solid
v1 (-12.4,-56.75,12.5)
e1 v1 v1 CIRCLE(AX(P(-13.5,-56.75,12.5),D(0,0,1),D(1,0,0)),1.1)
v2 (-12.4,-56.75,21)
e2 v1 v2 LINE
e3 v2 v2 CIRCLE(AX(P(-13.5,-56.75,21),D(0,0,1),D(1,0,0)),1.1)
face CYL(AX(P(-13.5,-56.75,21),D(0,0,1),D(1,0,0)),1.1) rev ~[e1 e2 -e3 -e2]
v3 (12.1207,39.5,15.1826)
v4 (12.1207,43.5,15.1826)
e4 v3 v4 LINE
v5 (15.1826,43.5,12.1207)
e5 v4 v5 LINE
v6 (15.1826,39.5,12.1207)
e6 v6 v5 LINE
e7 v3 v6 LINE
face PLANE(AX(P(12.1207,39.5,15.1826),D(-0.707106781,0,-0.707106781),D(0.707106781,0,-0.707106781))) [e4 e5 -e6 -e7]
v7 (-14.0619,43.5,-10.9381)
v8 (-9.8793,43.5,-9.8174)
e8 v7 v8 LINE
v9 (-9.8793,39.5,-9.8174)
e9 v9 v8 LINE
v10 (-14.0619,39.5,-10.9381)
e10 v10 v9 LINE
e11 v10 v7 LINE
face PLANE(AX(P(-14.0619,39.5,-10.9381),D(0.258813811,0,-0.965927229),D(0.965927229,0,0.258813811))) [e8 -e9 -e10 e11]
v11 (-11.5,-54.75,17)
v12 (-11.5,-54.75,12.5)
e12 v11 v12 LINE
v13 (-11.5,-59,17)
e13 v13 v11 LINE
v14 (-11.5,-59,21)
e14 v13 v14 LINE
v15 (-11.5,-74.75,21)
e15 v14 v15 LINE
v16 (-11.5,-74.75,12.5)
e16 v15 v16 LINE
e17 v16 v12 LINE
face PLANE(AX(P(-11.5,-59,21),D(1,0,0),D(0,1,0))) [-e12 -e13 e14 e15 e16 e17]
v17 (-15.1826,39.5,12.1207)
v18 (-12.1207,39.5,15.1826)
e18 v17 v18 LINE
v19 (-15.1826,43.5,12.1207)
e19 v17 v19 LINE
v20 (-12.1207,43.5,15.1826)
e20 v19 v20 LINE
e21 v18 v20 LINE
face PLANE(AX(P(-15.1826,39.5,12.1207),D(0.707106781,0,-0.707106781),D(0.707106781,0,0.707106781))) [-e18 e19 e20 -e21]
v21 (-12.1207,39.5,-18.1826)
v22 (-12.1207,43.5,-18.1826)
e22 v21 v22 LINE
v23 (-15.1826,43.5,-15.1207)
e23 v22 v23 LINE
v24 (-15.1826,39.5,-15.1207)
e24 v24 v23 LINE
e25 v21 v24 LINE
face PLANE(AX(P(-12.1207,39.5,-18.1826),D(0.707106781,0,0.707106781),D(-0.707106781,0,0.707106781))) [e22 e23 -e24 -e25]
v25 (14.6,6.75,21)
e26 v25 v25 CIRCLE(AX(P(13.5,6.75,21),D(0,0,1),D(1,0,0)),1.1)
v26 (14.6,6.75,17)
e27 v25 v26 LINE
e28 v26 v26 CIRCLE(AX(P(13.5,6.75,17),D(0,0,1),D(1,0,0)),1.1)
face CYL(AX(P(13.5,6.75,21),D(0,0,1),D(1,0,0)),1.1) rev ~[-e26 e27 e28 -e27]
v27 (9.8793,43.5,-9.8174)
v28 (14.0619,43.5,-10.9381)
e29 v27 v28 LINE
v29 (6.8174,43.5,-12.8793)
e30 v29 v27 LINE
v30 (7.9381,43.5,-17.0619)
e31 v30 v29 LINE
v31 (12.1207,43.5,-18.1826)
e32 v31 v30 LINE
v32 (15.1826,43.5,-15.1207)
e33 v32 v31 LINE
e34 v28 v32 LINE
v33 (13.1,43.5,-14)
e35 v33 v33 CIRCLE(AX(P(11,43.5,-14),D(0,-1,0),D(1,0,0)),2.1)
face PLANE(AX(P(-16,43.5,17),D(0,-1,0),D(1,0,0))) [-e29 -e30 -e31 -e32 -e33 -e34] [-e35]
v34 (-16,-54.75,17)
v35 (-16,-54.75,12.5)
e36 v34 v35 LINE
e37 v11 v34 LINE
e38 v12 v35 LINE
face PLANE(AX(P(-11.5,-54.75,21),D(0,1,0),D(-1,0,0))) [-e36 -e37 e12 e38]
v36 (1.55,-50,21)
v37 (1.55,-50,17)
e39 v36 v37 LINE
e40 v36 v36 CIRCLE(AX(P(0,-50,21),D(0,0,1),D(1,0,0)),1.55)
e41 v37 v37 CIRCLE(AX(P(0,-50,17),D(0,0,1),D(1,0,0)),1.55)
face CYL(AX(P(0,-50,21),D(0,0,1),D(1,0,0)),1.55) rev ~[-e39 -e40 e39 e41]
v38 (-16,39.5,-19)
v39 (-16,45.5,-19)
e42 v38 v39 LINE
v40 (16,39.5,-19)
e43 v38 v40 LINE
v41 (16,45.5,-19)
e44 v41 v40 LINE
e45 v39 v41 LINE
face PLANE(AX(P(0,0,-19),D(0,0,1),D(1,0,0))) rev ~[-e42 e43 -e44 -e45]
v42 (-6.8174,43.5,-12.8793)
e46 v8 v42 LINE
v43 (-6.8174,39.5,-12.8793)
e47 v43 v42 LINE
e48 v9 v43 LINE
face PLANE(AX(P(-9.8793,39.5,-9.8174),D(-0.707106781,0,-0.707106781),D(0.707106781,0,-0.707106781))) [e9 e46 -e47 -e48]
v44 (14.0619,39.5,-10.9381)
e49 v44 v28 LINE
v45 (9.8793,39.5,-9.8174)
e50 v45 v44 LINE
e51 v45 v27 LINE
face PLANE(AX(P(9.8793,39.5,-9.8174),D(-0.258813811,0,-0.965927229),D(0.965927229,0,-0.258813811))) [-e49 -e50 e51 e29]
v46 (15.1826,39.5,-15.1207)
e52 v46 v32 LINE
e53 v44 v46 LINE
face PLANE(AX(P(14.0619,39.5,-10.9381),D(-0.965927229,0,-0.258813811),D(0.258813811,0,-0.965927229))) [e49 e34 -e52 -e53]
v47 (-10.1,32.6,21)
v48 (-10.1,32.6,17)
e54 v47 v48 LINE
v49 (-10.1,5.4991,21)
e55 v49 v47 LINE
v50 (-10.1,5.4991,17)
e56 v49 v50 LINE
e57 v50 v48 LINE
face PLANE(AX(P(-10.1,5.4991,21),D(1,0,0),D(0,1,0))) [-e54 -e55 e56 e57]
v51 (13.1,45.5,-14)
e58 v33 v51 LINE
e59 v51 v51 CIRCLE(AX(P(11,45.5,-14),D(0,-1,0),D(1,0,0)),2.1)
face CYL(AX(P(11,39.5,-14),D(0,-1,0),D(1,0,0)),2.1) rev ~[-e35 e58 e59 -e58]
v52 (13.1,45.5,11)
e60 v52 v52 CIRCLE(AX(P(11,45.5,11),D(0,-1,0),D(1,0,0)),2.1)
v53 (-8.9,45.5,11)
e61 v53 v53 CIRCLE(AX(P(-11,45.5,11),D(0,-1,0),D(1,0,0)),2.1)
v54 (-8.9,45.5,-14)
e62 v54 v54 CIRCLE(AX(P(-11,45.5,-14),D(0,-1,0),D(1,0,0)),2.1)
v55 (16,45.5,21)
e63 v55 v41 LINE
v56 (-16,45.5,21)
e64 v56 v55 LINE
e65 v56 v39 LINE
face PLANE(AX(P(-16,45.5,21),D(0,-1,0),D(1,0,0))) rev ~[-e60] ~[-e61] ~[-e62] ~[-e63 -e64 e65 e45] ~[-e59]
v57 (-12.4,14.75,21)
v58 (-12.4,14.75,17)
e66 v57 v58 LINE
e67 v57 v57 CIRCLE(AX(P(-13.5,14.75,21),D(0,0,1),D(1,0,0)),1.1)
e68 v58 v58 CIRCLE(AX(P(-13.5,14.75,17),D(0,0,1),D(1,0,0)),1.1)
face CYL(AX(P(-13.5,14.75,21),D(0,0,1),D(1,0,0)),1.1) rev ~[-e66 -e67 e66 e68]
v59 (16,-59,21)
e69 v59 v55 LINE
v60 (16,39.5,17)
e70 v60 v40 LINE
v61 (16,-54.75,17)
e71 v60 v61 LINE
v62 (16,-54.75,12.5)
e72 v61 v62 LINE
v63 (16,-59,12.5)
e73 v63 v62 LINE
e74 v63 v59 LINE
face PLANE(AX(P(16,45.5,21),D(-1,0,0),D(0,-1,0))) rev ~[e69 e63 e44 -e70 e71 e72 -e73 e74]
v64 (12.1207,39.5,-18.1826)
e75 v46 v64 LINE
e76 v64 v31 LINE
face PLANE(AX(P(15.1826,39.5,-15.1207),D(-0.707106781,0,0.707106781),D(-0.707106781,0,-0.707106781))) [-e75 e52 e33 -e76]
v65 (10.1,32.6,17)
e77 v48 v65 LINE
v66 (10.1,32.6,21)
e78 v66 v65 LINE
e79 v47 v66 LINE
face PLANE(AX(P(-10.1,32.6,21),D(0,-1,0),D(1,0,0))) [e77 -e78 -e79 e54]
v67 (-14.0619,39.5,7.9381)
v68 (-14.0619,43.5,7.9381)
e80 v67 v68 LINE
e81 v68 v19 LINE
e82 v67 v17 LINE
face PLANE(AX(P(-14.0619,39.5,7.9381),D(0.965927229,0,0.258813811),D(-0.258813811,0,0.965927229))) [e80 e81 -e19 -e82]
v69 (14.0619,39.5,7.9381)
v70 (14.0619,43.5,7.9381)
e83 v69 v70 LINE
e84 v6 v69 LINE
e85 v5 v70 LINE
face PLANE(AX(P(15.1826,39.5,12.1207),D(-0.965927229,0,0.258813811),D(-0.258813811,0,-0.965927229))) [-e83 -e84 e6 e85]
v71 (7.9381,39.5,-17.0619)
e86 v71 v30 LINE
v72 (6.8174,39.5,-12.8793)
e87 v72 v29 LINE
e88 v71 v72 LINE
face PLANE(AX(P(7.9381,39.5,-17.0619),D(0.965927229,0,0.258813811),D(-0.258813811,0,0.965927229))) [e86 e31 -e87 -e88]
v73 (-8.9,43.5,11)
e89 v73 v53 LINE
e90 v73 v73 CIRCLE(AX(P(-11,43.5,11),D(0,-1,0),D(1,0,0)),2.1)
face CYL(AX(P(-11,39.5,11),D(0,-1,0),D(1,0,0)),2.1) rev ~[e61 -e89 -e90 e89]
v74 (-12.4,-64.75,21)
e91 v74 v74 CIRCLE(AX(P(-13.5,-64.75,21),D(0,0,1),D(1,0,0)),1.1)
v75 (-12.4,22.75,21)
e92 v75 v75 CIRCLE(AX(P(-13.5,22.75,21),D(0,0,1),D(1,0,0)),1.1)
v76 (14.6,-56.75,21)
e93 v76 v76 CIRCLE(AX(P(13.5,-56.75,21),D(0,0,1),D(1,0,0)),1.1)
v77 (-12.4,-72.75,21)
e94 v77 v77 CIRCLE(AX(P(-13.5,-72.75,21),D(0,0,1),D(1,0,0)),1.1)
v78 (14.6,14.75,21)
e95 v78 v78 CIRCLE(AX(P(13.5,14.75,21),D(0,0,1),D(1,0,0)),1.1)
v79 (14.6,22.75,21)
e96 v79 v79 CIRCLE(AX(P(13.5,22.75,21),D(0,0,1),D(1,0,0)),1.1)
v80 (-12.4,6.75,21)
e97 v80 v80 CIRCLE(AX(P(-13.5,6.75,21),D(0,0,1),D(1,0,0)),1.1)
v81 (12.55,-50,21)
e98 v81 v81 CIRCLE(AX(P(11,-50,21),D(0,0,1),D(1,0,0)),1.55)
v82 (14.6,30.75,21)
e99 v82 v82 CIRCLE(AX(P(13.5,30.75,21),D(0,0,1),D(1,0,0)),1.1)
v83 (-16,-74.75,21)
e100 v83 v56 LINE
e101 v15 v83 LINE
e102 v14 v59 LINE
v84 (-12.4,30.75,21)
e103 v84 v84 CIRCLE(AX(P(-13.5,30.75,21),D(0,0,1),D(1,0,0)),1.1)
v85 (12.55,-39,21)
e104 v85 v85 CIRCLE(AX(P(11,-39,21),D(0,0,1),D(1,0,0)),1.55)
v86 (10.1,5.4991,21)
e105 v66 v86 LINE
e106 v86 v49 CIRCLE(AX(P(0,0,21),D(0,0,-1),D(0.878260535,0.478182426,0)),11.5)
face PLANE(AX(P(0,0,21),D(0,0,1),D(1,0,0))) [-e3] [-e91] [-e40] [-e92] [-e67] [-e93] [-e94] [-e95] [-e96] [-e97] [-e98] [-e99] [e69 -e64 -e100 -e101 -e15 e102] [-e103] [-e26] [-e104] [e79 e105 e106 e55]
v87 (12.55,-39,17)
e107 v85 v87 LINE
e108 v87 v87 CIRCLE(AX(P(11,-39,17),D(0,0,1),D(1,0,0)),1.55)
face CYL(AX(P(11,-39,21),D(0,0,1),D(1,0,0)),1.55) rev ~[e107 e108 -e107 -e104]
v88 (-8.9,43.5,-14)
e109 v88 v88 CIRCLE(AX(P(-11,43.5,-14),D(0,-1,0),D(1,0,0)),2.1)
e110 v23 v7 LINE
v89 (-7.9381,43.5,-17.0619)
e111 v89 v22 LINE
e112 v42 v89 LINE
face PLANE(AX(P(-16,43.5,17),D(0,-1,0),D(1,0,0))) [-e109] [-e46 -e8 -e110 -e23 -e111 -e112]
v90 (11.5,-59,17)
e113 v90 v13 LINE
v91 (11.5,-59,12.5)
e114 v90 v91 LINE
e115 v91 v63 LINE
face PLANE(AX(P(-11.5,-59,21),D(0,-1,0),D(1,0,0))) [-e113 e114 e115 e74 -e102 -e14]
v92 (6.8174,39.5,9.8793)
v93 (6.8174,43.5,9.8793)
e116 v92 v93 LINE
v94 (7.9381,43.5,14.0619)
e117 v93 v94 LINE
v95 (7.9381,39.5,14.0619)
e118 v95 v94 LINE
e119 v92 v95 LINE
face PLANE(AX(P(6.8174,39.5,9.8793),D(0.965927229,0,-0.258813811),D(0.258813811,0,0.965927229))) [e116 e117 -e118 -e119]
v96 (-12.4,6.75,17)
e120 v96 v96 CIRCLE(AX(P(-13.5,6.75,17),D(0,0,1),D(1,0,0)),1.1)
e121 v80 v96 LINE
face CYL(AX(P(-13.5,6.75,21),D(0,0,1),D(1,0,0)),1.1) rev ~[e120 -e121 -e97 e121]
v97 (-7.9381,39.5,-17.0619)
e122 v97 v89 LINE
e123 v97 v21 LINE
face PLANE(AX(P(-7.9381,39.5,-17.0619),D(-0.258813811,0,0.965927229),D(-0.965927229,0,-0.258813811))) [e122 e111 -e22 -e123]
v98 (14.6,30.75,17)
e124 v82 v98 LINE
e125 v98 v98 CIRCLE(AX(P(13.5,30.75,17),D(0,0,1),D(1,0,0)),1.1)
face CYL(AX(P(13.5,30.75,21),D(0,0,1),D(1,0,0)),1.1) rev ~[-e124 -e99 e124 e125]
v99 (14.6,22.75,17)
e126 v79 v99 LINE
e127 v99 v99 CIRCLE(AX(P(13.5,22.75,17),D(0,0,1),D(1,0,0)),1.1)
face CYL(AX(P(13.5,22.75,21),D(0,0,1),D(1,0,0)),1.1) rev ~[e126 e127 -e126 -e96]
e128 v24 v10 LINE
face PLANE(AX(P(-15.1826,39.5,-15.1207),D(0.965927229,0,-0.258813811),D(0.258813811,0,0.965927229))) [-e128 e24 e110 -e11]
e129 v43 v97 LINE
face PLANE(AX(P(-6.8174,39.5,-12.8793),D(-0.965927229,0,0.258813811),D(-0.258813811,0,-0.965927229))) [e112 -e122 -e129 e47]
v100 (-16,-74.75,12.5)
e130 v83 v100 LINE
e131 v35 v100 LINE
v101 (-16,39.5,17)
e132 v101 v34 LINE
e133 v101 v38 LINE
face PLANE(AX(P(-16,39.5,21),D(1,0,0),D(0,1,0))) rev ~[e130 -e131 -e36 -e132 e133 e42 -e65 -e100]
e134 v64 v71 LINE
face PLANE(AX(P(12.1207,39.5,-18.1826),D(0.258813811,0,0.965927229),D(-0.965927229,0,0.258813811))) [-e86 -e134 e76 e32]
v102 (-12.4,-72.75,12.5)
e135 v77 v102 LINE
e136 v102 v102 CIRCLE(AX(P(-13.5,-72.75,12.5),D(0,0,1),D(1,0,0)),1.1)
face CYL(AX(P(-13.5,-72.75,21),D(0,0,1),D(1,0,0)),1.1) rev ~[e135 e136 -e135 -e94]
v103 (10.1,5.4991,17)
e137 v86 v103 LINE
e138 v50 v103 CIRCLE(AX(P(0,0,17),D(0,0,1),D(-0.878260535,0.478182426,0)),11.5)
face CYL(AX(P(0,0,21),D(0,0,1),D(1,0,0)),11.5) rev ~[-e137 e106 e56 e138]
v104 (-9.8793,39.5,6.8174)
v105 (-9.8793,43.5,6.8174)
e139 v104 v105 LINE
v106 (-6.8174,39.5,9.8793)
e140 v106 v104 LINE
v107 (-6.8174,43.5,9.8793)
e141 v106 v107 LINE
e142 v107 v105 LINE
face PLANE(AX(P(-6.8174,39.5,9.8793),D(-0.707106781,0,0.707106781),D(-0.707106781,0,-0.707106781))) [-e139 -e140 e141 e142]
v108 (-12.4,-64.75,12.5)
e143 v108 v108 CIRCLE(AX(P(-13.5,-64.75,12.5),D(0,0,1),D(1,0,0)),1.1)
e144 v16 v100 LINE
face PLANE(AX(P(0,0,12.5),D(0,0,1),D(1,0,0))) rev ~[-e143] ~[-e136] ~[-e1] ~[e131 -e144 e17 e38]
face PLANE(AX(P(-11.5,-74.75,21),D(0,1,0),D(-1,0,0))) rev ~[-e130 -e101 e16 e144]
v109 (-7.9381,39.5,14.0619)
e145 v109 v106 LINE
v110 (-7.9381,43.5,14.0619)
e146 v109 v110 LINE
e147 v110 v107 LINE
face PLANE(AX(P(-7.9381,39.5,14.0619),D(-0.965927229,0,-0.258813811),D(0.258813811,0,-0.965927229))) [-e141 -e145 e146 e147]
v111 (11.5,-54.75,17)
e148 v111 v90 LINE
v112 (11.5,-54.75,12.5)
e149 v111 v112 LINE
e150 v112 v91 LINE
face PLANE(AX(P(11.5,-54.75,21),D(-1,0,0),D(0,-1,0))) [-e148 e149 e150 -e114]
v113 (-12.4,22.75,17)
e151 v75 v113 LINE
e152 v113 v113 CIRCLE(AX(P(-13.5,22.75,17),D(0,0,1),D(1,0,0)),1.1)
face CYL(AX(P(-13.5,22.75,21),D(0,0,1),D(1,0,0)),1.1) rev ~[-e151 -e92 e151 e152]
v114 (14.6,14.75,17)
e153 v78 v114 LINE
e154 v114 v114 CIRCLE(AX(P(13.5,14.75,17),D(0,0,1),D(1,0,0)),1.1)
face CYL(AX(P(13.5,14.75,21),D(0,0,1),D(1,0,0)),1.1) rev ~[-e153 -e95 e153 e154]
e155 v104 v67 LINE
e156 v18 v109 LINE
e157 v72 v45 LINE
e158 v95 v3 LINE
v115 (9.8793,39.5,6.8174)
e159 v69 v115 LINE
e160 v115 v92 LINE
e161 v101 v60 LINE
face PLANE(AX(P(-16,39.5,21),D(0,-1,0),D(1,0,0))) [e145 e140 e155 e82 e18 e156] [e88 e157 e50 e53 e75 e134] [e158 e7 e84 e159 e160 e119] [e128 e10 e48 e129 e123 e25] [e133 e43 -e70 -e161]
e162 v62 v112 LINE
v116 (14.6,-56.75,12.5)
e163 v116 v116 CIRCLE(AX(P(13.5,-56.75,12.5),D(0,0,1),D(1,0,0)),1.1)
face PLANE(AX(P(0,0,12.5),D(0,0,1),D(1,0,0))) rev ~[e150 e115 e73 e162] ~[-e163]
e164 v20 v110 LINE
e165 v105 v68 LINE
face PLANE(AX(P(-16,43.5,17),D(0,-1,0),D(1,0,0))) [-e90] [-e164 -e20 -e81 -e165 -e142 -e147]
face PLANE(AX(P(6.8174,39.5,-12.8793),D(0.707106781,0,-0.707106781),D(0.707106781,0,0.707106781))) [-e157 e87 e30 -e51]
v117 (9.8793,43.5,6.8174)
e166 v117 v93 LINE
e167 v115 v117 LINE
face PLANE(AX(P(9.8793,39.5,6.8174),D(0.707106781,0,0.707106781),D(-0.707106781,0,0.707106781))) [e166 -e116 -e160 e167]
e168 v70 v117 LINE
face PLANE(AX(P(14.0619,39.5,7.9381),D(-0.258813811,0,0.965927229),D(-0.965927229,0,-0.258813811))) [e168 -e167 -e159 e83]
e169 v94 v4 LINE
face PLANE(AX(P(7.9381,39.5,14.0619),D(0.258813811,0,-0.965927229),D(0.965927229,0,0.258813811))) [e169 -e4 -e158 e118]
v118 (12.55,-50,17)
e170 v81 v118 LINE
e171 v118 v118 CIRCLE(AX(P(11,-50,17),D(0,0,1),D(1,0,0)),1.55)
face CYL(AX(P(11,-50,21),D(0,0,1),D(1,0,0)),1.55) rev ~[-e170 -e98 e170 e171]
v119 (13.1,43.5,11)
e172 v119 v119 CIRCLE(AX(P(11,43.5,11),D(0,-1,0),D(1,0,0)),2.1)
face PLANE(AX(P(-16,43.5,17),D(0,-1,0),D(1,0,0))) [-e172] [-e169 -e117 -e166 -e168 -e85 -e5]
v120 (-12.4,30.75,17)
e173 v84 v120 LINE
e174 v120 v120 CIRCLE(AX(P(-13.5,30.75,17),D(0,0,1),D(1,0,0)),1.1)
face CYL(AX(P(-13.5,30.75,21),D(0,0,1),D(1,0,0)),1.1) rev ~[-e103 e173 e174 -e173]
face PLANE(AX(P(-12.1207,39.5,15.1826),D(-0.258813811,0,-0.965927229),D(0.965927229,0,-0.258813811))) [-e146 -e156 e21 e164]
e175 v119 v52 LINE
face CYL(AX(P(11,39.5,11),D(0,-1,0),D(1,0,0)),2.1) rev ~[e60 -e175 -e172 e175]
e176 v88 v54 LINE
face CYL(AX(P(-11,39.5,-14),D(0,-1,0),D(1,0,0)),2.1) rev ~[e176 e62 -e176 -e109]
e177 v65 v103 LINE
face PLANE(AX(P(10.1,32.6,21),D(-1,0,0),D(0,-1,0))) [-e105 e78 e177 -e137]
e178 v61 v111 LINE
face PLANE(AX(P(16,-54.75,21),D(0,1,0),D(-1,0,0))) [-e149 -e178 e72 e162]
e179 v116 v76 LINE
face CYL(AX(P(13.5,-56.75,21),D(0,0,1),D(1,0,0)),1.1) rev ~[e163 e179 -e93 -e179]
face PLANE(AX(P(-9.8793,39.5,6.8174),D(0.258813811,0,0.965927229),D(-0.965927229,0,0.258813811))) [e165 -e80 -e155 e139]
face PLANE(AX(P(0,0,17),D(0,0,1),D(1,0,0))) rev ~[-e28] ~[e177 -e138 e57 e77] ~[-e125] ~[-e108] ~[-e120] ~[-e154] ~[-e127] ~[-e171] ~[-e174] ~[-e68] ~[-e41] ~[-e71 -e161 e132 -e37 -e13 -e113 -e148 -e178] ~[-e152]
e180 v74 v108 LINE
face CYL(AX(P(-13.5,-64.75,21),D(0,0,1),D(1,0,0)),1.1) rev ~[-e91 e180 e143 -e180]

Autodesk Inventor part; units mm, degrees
ref_plane "YZ Plane" through (0, 0, 0) normal (1, 0, 0) x (0, 1, 0)
ref_plane "XZ Plane" through (0, 0, 0) normal (0, 1, 0) x (-1, 0, 0)
ref_plane "Plan de construction4" through (0, 0, 21) normal (0, 0, 1) x (1, 0, 0)
sketch "Esquisse" plane through (0, 0, 21) normal (0, 0, 1) x (1, 0, 0)
  circle A0 centre (0, 0) radius 11.5
  line L0 (16, -11.5) -> (-16, -11.5) construction
  line L1 (-16, -11.5) -> (-16, 38.5)
  line L2 (-16, 38.5) -> (16, 38.5)
  line L3 (16, 38.5) -> (16, -11.5)
  line L4 (0, 0) -> (-13.5, 6.75) construction
  circle A1 centre (-13.5, 6.75) radius 1.1
  line L5 (-13.5, 6.75) -> (-13.5, 14.75) construction
  line L6 (-13.5, 14.75) -> (-13.5, 22.75) construction
  line L7 (-13.5, 22.75) -> (-13.5, 30.75) construction
  circle A2 centre (-13.5, 30.75) radius 1.1
  circle A3 centre (-13.5, 22.75) radius 1.1
  circle A4 centre (-13.5, 14.75) radius 1.1
  line L8 (-22.4, 0) -> (22.4, 0) construction
  line L9 (10.1, 32.6) -> (10.1, 5.4991)
  line L10 (-10.1, 5.4991) -> (-10.1, 32.6)
  line L11 (-10.1, 32.6) -> (10.1, 32.6)
  line L12 (16, -11.5) -> (0, 0) construction
  line L13 (-16, -11.5) -> (0, 0) construction
  line L14 (10.1, 5.4991) -> (-10.1, 5.4991) construction
  line L15 (16, 38.5) -> (-16, 38.5)
  line L16 (-16, 38.5) -> (-16, 39.5)
  line L17 (-16, 39.5) -> (16, 39.5)
  line L18 (16, 39.5) -> (16, 38.5)
  line L19 (0, -98.8) -> (0, 69.55) construction
  circle A5 centre (13.5, 6.75) radius 1.1
  circle A6 centre (13.5, 30.75) radius 1.1
  circle A7 centre (13.5, 22.75) radius 1.1
  circle A8 centre (13.5, 14.75) radius 1.1
  line L20 (-16, -11.5) -> (16, -11.5) construction
  line L21 (16, -11.5) -> (16, -16.5)
  line L22 (16, -16.5) -> (-16, -16.5)
  line L23 (-16, -16.5) -> (-16, -11.5)
  line L24 (16, 39.5) -> (-16, 39.5)
  line L25 (-16, 39.5) -> (-16, 45.5)
  line L26 (-16, 45.5) -> (16, 45.5)
  line L27 (16, 45.5) -> (16, 39.5)
  line L28 (16, -16.5) -> (-16, -16.5)
  line L29 (-16, -16.5) -> (-16, -59)
  line L30 (-16, -59) -> (-11.5, -59)
  line L31 (16, -59) -> (16, -16.5)
  circle A9 centre (0, -50) radius 1.55
  line L32 (13.5, -56.75) -> (-13.5, -56.75) construction
  line L33 (-13.5, -56.75) -> (-13.5, -64.75) construction
  line L34 (-13.5, -64.75) -> (-13.5, -72.75) construction
  line L35 (-13.5, -72.75) -> (13.5, -72.75) construction
  line L36 (13.5, -72.75) -> (13.5, -64.75) construction
  line L37 (13.5, -64.75) -> (13.5, -56.75) construction
  circle A10 centre (13.5, -72.75) radius 1.1
  circle A11 centre (13.5, -64.75) radius 1.1
  circle A12 centre (13.5, -56.75) radius 1.1
  circle A13 centre (-13.5, -56.75) radius 1.1
  circle A14 centre (-13.5, -64.75) radius 1.1
  circle A15 centre (-13.5, -72.75) radius 1.1
  line L38 (16, -54.75) -> (11.5, -54.75)
  line L39 (11.5, -54.75) -> (11.5, -59)
  line L40 (-11.5, -59) -> (-11.5, -54.75)
  line L41 (-11.5, -54.75) -> (-16, -54.75)
  line L42 (-11.5, -59) -> (16, -59)
  line L43 (-11.5, -59) -> (-11.5, -74.75)
  line L44 (-11.5, -74.75) -> (-16, -74.75)
  line L45 (-16, -74.75) -> (-16, -59)
  line L46 (0, -50) -> (11, -50) construction
  line L47 (11, -50) -> (11, -39) construction
  circle A16 centre (11, -50) radius 1.55
  circle A17 centre (11, -39) radius 1.55
  point P0 (0, -11.5)
  point P1 (16, -11.5)
  dimension "d107" = 23
  dimension "d133" = 6.75
  dimension "d135" = 2.2
  dimension "d137" = 8
  dimension "d138" = 20.2
  dimension "d160" = 50
  dimension "d161" = 5.9
  dimension "d162" = 32
  dimension "d163" = 11.5
  dimension "d169" = 5
  dimension "d224" = 1
  dimension "d225" = 6
  dimension "d240" = 13.5
  dimension "d242" = 32
  dimension "d243" = 3.1
  dimension "d249" = 50
  dimension "d250" = 6.75
  dimension "d251" = 8
  dimension "d252" = 2.2
  dimension "d253" = 2
  dimension "d254" = 2
  dimension "d255" = 9
  dimension "d258" = 2
  dimension "d261" = 3.1
  dimension "d263" = 11
  dimension "d264" = 11
extrude "Face fixation moteur" add sketch "Esquisse" against normal blind 4 contours L1 L2 L3 L21 L22 L23 | L16 L17 L18 L2 | L22 L31 L38 L39 L42 L40 L41 L29 | L41 L40 L30 L29 | L31 L42 L39 L38
extrude "Creux moteur" [suppressed]
extrude "Rai basl" add sketch "Esquisse" against normal blind 40 contours L25 L26 L27 L17
sketch "Esquisse16" plane through (-16, 39.5, 17) normal (0, -1, 0) x (1, 0, 0)
  line L0 (0, 0) -> (0, -36) projected
  line L1 (32, -36) -> (0, -36) projected
  line L2 (32, 0) -> (32, -36) projected
  line L3 (5, -6) -> (27, -6) construction
  line L4 (27, -6) -> (27, -31) construction
  line L5 (27, -31) -> (5, -31) construction
  line L6 (5, -31) -> (5, -6) construction
  line L7 (0, 0) -> (0, -36) projected
  line L8 (0, -1) -> (5, -6) construction
  line L9 (5, -31) -> (0, -36) construction
  line L10 (0, -36) -> (32, -36) projected
  line L11 (27, -31) -> (32, -36) construction
  circle A0 centre (5, -6) radius 2.1
  circle A1 centre (27, -6) radius 2.1
  circle A2 centre (27, -31) radius 2.1
  circle A3 centre (5, -31) radius 2.1
  line L12 (6.1207, -10.1826) -> (1.9381, -9.0619)
  line L13 (1.9381, -9.0619) -> (0.8174, -4.8793)
  line L14 (0.8174, -4.8793) -> (3.8793, -1.8174)
  line L15 (3.8793, -1.8174) -> (8.0619, -2.9381)
  line L16 (8.0619, -2.9381) -> (9.1826, -7.1207)
  line L17 (9.1826, -7.1207) -> (6.1207, -10.1826)
  line L18 (9.1826, -29.8793) -> (8.0619, -34.0619)
  line L19 (8.0619, -34.0619) -> (3.8793, -35.1826)
  line L20 (3.8793, -35.1826) -> (0.8174, -32.1207)
  line L21 (0.8174, -32.1207) -> (1.9381, -27.9381)
  line L22 (1.9381, -27.9381) -> (6.1207, -26.8174)
  line L23 (6.1207, -26.8174) -> (9.1826, -29.8793)
  line L24 (25.8793, -26.8174) -> (30.0619, -27.9381)
  line L25 (30.0619, -27.9381) -> (31.1826, -32.1207)
  line L26 (31.1826, -32.1207) -> (28.1207, -35.1826)
  line L27 (28.1207, -35.1826) -> (23.9381, -34.0619)
  line L28 (23.9381, -34.0619) -> (22.8174, -29.8793)
  line L29 (22.8174, -29.8793) -> (25.8793, -26.8174)
  line L30 (22.8174, -7.1207) -> (23.9381, -2.9381)
  line L31 (23.9381, -2.9381) -> (28.1207, -1.8174)
  line L32 (28.1207, -1.8174) -> (31.1826, -4.8793)
  line L33 (31.1826, -4.8793) -> (30.0619, -9.0619)
  line L34 (30.0619, -9.0619) -> (25.8793, -10.1826)
  line L35 (25.8793, -10.1826) -> (22.8174, -7.1207)
  line L36 (7.6517, -8.6517) -> (24.3483, -8.6517) construction
  line L37 (24.3483, -8.6517) -> (24.3483, -28.3483) construction
  line L38 (24.3483, -28.3483) -> (7.6517, -28.3483) construction
  line L39 (7.6517, -28.3483) -> (7.6517, -8.6517) construction
  line L40 (32, 4) -> (0, 4) projected
  line L41 (26.1, 4) -> (5.9, 4) projected
  line L42 (5.9, 4) -> (26.1, 4) projected
  line L43 (28.4, 4) -> (30.6, 4) projected
  line L44 (28.4, 4) -> (30.6, 4) projected
  line L45 (1.4, 4) -> (3.6, 4) projected
  line L46 (1.4, 4) -> (3.6, 4) projected
  line L47 (1.4, 4) -> (3.6, 4) projected
  line L48 (1.4, 4) -> (3.6, 4) projected
  line L49 (28.4, 4) -> (30.6, 4) projected
  line L50 (28.4, 4) -> (30.6, 4) projected
  line L51 (32, 0) -> (32, -36) projected
  line L52 (0, 0) -> (0, -36) projected
  line L53 (32, -1) -> (27, -6) construction
  line L54 (0, -1) -> (32, -1)
  line L55 (0, 0) -> (32, 0) projected
  line L56 (0, 4) -> (32, 4) projected
  point P0 (16, -17)
  dimension "d228" = 5
  dimension "d229" = 5
  dimension "d230" = 4.2
  dimension "d231" = 7.5
  dimension "d232" = 25
  dimension "d233" = 22
  dimension "d245" = 40
  dimension "d246" = 32
  dimension "d248" = 1
extrude "Extrusion23" cut sketch "Esquisse16" against normal through all contours A0 | A1 | A2 | A3
extrude "Extrusion24" cut sketch "Esquisse16" against normal blind 4 contours A3 | L12 L13 L14 L15 L16 L17 | L18 L19 L20 L21 L22 L23 | L24 L25 L26 L27 L28 L29 | L30 L31 L32 L33 L34 L35
extrude "Extrusion25" add sketch "Esquisse" against normal blind 8.5 contours L41 L40 L30 L29 | L31 L42 L39 L38 | L30 L43 L44 L45
properties part number "Support AX 12A"
